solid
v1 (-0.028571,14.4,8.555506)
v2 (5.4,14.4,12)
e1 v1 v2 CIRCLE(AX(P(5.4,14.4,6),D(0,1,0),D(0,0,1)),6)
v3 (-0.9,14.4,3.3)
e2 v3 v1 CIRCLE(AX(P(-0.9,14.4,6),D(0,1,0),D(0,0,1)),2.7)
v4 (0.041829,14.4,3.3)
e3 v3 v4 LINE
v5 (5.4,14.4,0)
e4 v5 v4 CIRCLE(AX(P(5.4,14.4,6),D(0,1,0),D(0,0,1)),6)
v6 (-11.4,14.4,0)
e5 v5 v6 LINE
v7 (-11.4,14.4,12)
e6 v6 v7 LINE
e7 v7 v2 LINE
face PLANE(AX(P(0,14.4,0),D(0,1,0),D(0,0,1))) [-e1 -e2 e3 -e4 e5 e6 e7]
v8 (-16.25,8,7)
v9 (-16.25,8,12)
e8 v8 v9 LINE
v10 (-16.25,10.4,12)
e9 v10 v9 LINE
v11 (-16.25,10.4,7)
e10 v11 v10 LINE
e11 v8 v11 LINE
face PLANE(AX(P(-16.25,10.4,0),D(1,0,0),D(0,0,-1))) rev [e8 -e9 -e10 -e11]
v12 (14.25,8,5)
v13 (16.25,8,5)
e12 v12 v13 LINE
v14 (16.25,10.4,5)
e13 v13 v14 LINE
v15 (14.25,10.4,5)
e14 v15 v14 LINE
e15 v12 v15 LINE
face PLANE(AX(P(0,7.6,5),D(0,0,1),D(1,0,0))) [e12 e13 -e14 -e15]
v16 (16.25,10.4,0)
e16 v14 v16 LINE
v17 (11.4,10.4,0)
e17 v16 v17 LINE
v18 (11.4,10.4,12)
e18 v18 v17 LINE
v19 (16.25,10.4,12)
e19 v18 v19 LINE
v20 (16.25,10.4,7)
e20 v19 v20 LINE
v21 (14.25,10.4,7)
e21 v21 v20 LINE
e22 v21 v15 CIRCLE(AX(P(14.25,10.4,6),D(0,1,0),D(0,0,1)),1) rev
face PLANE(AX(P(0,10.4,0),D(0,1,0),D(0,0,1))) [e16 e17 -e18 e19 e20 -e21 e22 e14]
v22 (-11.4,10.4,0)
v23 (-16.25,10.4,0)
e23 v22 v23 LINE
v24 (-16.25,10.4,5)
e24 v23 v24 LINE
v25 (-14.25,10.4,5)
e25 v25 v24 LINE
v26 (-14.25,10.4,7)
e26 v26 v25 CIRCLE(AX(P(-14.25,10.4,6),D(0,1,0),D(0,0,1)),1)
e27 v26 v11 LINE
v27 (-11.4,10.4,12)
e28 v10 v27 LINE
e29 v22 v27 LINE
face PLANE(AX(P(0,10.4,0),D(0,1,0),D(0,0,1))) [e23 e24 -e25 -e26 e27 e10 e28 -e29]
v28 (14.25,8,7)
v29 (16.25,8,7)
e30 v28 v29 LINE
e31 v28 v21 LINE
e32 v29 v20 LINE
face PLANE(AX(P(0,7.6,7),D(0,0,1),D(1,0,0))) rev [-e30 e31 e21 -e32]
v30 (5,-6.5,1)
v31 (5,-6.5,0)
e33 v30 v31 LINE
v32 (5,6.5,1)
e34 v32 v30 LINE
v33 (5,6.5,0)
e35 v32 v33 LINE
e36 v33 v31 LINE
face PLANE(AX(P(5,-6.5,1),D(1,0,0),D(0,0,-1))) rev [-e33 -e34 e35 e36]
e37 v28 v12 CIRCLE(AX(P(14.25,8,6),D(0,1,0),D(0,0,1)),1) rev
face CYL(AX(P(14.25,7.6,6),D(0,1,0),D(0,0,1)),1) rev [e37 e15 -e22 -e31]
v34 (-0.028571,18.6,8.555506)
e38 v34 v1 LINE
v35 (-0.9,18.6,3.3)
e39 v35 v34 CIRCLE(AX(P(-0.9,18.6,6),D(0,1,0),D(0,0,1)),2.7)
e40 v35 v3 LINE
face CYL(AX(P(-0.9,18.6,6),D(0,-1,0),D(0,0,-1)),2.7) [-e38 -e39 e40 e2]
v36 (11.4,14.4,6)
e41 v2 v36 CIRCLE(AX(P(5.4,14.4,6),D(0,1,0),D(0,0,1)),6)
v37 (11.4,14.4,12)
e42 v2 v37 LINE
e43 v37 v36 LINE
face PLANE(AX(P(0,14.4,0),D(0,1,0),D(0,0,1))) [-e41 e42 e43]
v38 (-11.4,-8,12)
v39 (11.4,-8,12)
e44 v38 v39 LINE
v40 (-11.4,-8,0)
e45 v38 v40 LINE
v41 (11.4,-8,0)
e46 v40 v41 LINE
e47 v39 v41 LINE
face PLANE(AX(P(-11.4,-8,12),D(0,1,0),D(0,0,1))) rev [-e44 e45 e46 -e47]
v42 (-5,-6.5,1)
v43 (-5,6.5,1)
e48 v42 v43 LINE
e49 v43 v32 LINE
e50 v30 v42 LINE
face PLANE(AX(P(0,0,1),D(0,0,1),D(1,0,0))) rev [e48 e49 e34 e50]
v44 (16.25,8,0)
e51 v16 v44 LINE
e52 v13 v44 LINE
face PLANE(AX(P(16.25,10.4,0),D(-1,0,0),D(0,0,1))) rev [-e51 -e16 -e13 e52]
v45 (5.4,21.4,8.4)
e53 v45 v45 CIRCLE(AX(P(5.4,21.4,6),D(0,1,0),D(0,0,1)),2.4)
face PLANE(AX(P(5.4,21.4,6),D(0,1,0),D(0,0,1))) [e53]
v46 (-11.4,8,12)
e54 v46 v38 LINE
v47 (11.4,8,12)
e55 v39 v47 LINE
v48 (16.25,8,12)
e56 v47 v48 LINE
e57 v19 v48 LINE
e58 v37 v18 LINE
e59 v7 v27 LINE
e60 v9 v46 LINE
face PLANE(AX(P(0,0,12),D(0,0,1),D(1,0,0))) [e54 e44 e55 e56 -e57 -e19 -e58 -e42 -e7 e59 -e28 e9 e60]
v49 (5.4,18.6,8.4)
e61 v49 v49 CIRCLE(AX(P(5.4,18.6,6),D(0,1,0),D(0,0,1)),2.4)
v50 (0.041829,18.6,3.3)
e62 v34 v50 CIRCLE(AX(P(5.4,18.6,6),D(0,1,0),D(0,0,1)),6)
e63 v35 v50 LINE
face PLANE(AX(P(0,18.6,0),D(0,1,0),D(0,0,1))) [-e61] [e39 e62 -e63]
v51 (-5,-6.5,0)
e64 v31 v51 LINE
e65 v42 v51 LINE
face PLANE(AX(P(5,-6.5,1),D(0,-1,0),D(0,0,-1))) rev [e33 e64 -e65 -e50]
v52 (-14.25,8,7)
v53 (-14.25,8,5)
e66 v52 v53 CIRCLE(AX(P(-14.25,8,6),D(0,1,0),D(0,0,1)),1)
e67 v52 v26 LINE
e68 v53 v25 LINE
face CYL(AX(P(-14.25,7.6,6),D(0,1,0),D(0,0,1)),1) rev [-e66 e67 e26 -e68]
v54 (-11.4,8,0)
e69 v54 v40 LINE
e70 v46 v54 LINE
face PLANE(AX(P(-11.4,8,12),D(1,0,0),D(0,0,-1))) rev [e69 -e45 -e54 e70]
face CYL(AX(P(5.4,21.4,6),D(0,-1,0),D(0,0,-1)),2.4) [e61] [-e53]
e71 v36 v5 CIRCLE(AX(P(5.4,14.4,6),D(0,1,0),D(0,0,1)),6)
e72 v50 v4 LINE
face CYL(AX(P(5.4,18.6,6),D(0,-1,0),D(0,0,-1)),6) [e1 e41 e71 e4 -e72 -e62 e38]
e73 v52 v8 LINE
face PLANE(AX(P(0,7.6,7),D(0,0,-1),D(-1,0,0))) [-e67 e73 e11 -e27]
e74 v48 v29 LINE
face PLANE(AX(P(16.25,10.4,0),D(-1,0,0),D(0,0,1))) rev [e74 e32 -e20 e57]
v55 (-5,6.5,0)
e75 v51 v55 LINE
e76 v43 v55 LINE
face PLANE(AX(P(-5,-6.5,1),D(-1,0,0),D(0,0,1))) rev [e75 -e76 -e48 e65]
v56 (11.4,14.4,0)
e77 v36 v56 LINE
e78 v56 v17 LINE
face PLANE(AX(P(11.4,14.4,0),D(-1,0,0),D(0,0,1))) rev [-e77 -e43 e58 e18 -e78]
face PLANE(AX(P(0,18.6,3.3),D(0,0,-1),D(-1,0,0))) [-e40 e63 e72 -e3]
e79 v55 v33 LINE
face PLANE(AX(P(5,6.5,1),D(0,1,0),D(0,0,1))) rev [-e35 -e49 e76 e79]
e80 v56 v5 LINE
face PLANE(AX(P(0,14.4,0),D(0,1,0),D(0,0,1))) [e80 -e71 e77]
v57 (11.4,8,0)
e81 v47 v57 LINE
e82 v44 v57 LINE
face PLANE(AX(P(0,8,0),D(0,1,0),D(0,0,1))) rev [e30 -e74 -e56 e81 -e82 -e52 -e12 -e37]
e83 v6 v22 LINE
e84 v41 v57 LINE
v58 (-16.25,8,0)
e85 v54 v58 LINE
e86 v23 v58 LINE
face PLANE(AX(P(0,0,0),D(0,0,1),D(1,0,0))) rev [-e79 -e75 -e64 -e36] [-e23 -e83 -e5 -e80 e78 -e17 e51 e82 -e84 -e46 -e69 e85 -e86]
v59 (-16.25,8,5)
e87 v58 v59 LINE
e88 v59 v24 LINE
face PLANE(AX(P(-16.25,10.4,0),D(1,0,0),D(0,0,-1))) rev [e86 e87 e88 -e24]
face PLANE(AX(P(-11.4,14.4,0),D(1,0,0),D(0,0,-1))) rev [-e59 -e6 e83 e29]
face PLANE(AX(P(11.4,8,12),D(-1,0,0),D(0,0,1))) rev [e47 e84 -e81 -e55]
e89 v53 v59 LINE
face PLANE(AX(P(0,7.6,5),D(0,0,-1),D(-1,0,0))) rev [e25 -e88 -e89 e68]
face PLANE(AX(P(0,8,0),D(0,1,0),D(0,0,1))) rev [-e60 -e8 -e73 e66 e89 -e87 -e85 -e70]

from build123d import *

# Parameters (mm, degrees)
SKETCH1_W           = 22.8
SKETCH1_H           = 16
BOSS_EXTRUDE1_DEPTH = 12
SKETCH2_W           = 32.5
SKETCH2_H           = 12
MOUNTING_DEPTH      = 2.4
SKETCH4_W           = 22.8
SKETCH4_H           = 12
BOSS_EXTRUDE4_DEPTH = 4
SKETCH6_R           = 2.7
SKETCH6_R_2         = 6
BOSS_EXTRUDE5_DEPTH = 4.2
SKETCH7_R           = 2.4
BOSS_EXTRUDE6_DEPTH = 2.8
SKETCH8_R           = 1
CUT_EXTRUDE1_DEPTH  = 2.8
SKETCH9_W           = 10
SKETCH9_H           = 13
CUT_EXTRUDE2_DEPTH  = 1


with BuildPart() as part:
    # Sketch1 → Boss-Extrude1 (new body)
    with BuildSketch(Plane.XY):
        Rectangle(SKETCH1_W, SKETCH1_H)
    extrude(amount=BOSS_EXTRUDE1_DEPTH)

    # Sketch2 → mounting (add)
    with BuildSketch(Plane(origin=(0, 8, 0), x_dir=(1, 0, 0), z_dir=(0, 1, 0))):
        with Locations((0, -6)):
            Rectangle(SKETCH2_W, SKETCH2_H)
    extrude(amount=MOUNTING_DEPTH)

    # Sketch4 → Boss-Extrude4 (add)
    with BuildSketch(Plane(origin=(0, 10.4, 0), x_dir=(1, 0, 0), z_dir=(0, 1, 0))):
        with Locations((0, -6)):
            Rectangle(SKETCH4_W, SKETCH4_H)
    extrude(amount=BOSS_EXTRUDE4_DEPTH)

    # Sketch6 → Boss-Extrude5 (add)
    with BuildSketch(Plane(origin=(0, 14.4, 0), x_dir=(1, 0, 0), z_dir=(0, 1, 0))):
        with Locations((-0.9, -6)):
            Circle(SKETCH6_R)
        with Locations((5.4, -6)):
            Circle(SKETCH6_R_2)
        with BuildLine():
            Line((0.04182867, -3.3), (-0.9, -3.3))
            ThreePointArc((-0.9, -3.3), (-0.458336611, -3.336368372), (-0.028571429, -3.44449374))
            ThreePointArc((-0.028571429, -3.44449374), (0.006144751, -3.37201112), (0.04182867, -3.3))
        make_face()
    extrude(amount=BOSS_EXTRUDE5_DEPTH)

    # Sketch7 → Boss-Extrude6 (add)
    with BuildSketch(Plane(origin=(0, 18.6, 0), x_dir=(1, 0, 0), z_dir=(0, 1, 0))):
        with Locations((5.4, -6)):
            Circle(SKETCH7_R)
    extrude(amount=BOSS_EXTRUDE6_DEPTH)

    # Sketch8 → Cut-Extrude1 (cut)
    with BuildSketch(Plane(origin=(0, 10.4, 0), x_dir=(1, 0, 0), z_dir=(0, 1, 0))):
        with Locations((-14.25, -6)):
            Circle(SKETCH8_R)
        with BuildLine():
            ThreePointArc((-14.25, -7), (-15.25, -6), (-14.25, -5))
            Line((-14.25, -5), (-16.25, -5))
            Line((-16.25, -5), (-16.25, -7))
            Line((-16.25, -7), (-14.25, -7))
        make_face()
        with BuildLine():
            ThreePointArc((15.25, -6), (14.957106781, -6.707106781), (14.25, -7))
            Line((14.25, -7), (16.25, -7))
            Line((16.25, -7), (16.25, -5))
            Line((16.25, -5), (14.25, -5))
            ThreePointArc((14.25, -5), (14.957106781, -5.292893219), (15.25, -6))
        make_face()
        with Locations((14.25, -6)):
            Circle(SKETCH8_R)
    extrude(amount=-CUT_EXTRUDE1_DEPTH, mode=Mode.SUBTRACT)

    # Sketch9 → Cut-Extrude2 (cut)
    with BuildSketch(Plane(origin=(0, 0, 0), x_dir=(-1, 0, 0), z_dir=(0, 0, -1))):
        Rectangle(SKETCH9_W, SKETCH9_H)
    extrude(amount=-CUT_EXTRUDE2_DEPTH, mode=Mode.SUBTRACT)


solid = part.part
